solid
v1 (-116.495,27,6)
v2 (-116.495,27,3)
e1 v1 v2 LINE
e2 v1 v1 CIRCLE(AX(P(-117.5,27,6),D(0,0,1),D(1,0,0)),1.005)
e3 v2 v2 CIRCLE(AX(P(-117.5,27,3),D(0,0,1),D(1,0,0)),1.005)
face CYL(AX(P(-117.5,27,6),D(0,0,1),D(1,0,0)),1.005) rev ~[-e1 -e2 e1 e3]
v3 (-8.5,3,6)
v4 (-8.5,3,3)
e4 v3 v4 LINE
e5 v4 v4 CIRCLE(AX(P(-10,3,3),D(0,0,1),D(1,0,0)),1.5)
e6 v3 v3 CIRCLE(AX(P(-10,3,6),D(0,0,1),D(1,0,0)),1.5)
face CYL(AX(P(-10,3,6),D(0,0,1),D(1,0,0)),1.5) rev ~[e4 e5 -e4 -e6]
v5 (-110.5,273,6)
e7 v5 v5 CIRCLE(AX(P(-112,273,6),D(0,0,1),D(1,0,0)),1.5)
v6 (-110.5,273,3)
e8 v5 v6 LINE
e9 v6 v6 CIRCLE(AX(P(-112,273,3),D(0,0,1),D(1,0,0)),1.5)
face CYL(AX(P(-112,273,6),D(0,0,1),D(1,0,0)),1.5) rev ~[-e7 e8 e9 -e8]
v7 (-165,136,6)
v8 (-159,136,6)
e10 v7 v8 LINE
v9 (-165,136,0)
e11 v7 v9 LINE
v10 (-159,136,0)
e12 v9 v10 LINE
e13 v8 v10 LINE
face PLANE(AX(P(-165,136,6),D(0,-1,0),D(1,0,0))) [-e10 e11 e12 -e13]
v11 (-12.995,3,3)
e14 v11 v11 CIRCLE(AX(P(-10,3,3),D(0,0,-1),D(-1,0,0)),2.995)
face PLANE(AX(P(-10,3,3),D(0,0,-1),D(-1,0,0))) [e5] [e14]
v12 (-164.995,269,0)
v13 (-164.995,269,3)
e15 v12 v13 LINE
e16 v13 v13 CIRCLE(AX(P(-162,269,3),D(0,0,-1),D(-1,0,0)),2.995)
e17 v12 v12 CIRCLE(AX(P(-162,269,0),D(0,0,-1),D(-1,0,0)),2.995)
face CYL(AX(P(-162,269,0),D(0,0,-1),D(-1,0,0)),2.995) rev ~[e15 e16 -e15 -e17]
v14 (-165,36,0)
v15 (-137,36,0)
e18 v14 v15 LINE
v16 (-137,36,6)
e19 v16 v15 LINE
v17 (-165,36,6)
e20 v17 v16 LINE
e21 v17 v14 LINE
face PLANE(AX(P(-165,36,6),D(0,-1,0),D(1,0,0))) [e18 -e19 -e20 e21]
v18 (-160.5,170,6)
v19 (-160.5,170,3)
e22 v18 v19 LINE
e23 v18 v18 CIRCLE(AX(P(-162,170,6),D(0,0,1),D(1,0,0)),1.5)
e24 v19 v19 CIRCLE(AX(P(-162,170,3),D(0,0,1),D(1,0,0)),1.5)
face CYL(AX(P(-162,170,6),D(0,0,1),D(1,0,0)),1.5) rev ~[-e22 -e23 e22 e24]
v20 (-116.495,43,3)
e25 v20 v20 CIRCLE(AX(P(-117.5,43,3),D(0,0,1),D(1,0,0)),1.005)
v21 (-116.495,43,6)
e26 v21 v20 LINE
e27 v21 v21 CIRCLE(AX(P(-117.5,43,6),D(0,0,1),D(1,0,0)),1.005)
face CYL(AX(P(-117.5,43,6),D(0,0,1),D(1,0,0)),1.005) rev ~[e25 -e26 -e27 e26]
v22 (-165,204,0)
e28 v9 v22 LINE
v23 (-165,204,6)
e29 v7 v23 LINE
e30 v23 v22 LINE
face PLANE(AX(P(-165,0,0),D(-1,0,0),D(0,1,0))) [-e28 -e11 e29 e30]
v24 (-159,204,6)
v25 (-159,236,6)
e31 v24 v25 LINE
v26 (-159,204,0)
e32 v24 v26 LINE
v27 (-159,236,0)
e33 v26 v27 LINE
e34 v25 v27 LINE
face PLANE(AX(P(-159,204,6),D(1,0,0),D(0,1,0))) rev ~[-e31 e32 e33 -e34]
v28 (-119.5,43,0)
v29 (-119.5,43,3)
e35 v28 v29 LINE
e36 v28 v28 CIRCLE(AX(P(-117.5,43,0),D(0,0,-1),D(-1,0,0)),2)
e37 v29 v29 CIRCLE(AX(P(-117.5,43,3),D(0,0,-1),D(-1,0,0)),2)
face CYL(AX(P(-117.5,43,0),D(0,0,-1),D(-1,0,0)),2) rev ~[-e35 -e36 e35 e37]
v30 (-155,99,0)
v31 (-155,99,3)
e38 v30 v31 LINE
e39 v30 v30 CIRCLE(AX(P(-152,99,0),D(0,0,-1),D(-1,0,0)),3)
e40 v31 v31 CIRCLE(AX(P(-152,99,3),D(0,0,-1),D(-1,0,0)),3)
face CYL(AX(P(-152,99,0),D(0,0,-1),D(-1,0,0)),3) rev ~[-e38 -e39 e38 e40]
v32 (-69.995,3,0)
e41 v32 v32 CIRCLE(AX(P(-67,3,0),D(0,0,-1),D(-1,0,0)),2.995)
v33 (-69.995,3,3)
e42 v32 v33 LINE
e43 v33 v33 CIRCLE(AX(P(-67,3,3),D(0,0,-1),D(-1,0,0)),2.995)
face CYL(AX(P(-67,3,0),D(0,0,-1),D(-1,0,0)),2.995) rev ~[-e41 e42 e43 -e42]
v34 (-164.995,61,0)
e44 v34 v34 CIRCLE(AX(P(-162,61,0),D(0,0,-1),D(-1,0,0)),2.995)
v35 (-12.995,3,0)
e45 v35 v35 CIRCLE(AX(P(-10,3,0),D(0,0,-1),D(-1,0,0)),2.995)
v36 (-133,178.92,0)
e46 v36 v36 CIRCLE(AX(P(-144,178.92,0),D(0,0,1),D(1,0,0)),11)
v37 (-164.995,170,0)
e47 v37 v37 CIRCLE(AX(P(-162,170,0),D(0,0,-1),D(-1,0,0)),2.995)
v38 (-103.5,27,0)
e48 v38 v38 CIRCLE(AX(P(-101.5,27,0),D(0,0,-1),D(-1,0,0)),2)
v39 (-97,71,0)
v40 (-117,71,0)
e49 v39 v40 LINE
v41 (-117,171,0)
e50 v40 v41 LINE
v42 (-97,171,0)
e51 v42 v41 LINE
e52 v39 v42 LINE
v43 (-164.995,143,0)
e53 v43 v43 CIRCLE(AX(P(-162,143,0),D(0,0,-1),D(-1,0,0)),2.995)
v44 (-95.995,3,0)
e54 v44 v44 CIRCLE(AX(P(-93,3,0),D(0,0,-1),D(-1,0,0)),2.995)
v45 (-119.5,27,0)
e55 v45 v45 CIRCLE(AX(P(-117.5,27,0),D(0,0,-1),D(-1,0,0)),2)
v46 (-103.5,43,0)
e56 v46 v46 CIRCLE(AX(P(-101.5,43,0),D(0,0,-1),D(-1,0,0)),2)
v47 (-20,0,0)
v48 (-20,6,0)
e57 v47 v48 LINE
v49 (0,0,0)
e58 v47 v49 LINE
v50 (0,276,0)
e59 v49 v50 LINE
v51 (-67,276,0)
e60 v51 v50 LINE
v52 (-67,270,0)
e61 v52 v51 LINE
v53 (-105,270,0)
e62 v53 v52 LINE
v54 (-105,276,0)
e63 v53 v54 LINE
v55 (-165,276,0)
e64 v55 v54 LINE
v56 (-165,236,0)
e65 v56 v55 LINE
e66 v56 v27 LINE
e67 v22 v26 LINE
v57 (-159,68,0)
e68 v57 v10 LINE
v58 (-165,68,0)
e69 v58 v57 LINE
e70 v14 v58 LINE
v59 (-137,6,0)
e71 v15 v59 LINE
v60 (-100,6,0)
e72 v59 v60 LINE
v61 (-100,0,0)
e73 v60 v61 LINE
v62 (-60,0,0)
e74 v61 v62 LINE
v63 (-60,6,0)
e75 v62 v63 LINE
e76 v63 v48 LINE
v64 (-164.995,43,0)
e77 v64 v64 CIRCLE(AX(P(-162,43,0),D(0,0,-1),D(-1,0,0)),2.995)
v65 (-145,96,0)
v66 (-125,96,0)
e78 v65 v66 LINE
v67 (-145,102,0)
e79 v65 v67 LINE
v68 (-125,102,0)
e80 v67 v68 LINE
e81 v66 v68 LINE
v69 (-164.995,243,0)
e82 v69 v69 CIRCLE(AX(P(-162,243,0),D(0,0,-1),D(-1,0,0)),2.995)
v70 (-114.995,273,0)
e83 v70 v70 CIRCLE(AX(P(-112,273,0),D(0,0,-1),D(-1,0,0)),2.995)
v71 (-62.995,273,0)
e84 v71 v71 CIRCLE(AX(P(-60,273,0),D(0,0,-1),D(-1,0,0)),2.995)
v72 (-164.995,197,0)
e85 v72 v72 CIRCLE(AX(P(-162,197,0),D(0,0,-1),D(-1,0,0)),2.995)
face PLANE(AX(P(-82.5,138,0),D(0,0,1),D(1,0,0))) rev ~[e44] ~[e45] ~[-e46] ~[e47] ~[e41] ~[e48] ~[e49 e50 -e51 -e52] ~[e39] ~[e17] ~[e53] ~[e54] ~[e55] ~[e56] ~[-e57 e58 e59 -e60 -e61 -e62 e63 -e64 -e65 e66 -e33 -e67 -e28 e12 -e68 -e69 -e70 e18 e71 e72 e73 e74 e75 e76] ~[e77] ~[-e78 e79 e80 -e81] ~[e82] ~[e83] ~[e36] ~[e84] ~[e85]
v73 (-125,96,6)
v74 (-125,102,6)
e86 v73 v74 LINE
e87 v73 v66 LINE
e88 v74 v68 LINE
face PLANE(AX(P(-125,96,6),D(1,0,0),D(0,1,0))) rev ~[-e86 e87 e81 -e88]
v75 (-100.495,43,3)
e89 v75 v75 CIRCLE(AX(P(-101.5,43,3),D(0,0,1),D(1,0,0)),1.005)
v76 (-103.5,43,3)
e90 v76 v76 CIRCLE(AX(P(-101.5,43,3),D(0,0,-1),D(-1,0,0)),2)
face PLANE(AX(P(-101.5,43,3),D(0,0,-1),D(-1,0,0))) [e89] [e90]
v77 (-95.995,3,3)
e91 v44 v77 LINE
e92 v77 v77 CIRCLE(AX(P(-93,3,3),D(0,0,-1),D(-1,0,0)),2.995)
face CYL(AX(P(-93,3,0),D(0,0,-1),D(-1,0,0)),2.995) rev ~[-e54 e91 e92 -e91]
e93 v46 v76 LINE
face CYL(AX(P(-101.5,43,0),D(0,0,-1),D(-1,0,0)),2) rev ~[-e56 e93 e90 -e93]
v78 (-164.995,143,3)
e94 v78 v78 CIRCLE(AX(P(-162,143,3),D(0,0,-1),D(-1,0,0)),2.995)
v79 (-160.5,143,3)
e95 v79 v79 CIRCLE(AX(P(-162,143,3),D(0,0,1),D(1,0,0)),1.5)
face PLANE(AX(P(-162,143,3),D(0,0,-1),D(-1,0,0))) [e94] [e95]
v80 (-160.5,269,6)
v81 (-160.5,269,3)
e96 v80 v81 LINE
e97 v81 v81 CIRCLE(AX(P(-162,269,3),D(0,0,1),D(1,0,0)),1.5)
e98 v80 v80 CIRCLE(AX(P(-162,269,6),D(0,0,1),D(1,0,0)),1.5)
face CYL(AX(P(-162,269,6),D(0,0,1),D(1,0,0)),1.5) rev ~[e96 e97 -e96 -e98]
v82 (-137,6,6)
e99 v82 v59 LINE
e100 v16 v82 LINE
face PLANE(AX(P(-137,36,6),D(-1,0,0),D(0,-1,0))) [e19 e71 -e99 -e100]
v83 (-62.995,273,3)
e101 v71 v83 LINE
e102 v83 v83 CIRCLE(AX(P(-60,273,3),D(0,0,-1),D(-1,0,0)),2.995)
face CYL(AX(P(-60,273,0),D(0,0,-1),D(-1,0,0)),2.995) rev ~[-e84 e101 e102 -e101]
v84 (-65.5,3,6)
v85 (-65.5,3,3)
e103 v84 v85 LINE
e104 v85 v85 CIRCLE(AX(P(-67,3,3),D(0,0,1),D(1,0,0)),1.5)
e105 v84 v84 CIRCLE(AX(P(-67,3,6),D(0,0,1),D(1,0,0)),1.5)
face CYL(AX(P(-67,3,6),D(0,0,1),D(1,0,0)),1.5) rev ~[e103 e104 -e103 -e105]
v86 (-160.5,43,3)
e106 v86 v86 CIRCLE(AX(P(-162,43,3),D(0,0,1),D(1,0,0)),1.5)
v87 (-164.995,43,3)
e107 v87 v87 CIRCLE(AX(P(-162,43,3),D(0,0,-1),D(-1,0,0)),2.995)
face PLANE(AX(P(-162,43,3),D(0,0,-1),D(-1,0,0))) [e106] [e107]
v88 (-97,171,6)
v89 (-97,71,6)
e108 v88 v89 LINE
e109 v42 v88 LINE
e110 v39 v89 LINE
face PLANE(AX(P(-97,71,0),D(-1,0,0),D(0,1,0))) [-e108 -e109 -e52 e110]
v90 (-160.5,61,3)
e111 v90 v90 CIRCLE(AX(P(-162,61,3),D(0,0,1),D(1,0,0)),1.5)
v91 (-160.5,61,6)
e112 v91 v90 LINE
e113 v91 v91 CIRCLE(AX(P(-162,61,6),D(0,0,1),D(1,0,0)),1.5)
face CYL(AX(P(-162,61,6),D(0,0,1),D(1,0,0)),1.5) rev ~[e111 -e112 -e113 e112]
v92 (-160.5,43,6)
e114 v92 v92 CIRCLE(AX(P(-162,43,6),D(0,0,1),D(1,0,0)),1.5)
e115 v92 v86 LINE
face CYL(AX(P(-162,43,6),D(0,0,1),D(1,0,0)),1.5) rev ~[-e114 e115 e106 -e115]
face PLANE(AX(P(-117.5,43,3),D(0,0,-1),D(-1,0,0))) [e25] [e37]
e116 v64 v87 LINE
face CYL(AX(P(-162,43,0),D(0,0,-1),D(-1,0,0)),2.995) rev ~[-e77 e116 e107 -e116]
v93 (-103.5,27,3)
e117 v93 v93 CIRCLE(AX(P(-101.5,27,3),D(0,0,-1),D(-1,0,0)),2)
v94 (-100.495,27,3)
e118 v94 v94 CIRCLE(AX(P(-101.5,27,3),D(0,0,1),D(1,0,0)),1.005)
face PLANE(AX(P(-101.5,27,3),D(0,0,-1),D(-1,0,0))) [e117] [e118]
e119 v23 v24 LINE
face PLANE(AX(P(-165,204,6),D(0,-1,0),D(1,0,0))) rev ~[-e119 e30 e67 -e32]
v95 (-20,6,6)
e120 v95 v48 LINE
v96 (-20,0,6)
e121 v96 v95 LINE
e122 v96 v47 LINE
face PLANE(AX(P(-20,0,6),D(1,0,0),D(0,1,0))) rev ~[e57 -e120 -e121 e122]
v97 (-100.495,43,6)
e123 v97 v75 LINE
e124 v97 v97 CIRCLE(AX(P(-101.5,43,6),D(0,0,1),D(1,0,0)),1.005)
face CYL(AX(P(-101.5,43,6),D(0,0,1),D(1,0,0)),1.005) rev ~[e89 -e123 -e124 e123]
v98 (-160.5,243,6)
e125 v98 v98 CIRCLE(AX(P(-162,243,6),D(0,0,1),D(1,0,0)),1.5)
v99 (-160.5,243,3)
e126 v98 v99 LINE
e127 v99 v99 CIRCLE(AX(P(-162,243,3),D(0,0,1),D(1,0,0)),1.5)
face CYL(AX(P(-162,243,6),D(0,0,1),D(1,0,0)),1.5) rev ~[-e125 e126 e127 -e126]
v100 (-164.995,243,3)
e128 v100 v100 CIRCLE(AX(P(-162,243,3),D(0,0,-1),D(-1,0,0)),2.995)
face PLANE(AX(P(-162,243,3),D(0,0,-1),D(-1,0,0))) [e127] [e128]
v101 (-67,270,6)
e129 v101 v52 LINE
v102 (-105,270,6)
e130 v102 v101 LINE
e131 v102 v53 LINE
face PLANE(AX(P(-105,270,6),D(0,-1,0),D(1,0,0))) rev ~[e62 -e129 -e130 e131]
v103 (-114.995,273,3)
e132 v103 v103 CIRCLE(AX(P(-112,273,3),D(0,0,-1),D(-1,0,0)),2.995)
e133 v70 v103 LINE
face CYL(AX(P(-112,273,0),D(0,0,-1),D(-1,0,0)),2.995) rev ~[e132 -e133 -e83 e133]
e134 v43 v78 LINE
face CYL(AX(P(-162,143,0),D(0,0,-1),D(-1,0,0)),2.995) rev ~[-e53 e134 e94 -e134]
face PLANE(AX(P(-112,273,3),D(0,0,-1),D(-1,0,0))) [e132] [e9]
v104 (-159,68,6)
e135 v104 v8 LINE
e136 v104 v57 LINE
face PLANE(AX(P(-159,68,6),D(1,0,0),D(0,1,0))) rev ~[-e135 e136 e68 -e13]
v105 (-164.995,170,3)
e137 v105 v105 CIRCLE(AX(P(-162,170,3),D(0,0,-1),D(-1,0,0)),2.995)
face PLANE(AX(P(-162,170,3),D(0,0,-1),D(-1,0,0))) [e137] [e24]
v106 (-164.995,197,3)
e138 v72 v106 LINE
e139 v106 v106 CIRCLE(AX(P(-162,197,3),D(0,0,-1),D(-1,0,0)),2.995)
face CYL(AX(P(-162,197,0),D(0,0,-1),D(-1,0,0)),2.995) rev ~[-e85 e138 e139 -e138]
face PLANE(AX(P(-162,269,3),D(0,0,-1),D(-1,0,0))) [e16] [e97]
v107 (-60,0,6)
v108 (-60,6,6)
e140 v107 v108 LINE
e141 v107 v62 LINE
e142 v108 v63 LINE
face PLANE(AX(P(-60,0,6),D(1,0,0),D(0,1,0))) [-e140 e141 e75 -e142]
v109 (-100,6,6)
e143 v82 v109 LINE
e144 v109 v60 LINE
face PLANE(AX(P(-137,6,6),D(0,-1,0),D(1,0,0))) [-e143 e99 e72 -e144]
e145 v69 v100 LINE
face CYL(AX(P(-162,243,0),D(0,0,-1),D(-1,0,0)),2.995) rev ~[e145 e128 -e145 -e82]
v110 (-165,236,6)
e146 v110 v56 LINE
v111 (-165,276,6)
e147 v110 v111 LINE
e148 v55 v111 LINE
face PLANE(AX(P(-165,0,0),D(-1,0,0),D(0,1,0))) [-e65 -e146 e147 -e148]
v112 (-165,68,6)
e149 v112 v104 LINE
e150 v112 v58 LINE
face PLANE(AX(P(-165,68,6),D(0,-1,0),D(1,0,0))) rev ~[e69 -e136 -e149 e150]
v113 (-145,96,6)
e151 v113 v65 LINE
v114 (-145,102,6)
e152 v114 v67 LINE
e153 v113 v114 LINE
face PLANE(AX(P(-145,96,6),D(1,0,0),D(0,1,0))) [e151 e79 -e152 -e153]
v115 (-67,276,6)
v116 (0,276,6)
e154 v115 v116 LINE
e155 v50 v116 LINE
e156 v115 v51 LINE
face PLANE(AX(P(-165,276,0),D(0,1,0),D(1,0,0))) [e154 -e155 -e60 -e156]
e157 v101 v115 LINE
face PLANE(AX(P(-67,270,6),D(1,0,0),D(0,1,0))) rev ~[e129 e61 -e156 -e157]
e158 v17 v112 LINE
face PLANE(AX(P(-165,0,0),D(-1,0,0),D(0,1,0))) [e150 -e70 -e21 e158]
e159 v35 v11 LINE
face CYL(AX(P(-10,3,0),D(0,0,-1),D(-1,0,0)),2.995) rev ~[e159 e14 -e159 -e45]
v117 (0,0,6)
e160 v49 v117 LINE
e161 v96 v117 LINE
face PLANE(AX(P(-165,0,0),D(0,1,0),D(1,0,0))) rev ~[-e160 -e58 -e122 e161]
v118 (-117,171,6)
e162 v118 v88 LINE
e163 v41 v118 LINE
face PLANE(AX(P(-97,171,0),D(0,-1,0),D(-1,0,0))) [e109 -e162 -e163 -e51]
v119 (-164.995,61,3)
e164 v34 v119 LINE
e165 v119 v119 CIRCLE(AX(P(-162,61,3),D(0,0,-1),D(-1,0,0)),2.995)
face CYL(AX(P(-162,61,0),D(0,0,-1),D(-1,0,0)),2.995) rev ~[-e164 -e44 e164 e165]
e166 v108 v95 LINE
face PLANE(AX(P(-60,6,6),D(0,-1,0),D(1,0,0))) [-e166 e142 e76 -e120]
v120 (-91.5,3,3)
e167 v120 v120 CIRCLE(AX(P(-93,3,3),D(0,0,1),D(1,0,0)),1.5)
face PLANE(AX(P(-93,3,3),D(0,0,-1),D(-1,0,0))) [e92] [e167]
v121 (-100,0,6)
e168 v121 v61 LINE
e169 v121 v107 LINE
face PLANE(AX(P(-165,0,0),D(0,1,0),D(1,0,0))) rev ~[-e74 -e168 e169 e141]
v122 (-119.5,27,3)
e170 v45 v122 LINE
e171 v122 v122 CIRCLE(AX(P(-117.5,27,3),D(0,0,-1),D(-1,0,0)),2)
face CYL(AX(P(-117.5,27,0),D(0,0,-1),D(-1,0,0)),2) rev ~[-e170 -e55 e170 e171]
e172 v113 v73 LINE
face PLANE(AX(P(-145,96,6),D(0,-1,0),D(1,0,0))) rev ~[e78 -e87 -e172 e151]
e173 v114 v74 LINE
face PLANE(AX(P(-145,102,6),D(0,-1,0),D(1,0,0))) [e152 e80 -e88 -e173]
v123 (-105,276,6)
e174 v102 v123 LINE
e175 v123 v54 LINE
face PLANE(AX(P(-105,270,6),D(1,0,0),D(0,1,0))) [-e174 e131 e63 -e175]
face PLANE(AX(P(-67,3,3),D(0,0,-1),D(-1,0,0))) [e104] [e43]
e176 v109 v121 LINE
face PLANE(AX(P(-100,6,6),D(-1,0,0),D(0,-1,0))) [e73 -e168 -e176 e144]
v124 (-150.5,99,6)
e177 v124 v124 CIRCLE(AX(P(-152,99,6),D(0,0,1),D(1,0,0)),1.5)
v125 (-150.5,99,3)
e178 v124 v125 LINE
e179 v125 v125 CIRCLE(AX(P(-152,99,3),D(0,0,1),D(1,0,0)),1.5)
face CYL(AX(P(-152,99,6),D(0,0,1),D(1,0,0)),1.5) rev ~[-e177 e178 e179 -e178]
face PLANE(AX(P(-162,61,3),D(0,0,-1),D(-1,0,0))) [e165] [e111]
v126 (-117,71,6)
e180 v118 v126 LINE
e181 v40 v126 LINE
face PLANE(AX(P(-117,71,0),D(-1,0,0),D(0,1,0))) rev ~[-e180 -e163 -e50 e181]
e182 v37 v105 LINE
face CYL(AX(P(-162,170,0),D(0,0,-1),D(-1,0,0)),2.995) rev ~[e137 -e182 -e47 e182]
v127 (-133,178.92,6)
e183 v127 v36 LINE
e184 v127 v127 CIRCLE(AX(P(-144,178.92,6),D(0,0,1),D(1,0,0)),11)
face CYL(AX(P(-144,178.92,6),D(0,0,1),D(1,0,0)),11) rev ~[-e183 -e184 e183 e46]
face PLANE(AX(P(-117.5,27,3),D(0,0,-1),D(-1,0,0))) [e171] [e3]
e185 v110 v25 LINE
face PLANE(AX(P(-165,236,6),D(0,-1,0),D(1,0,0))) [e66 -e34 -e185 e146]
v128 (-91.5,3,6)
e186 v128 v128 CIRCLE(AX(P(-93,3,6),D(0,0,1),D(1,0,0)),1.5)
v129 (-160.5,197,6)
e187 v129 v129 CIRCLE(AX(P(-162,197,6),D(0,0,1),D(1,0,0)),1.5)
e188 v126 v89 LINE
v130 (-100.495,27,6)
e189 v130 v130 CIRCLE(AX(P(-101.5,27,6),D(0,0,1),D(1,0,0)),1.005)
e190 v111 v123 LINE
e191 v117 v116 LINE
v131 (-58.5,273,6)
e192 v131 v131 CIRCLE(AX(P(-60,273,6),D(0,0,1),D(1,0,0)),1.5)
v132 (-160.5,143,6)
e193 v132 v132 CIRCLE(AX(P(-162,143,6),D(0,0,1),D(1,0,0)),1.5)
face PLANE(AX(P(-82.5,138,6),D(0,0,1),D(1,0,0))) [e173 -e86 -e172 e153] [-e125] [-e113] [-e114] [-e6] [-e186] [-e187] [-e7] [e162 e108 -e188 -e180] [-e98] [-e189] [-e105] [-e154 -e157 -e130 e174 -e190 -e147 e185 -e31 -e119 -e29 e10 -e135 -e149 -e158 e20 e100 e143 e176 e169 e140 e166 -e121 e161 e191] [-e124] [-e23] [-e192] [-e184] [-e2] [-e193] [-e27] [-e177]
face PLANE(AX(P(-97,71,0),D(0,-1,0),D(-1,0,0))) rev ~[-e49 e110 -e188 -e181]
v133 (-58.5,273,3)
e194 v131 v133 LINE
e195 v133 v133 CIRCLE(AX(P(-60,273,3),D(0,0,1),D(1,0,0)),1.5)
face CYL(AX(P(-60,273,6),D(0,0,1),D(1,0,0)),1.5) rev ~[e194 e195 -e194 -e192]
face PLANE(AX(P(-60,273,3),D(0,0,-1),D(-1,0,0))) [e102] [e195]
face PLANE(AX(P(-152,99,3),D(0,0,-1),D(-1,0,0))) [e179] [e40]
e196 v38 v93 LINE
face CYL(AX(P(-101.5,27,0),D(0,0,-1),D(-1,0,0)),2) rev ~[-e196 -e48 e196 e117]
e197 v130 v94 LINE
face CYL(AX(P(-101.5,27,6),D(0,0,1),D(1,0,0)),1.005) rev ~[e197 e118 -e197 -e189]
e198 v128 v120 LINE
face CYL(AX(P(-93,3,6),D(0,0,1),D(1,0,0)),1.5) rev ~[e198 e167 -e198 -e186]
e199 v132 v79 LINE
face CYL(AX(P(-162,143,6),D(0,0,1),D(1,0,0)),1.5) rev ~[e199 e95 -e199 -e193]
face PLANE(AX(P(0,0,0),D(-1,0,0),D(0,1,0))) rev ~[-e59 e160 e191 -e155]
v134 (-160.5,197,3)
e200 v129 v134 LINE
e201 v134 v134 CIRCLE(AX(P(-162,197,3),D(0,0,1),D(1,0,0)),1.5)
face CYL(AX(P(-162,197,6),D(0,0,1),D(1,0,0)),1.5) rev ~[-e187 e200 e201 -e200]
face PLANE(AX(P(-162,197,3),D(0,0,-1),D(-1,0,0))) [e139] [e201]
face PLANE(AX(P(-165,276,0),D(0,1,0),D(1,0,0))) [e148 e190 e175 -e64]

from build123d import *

# Parameters (mm, degrees)
ESQUISSE1_W             = 165
ESQUISSE1_H             = 276
BOSS_EXTRU_1_DEPTH      = 6
ESQUISSE2_W             = 38
ESQUISSE2_H             = 6
ESQUISSE2_W_2           = 6
ESQUISSE2_H_2           = 32
ESQUISSE2_H_3           = 68
ESQUISSE2_W_3           = 40
EXTERIEUR_DEPTH         = 10
ESQUISSE3_R             = 11
ESQUISSE3_W             = 20
ESQUISSE3_H             = 6
ENL_V_MAT_EXTRU_2_DEPTH = 322.616230934
ESQUISSE4_R             = 1.5
ESQUISSE4_R_2           = 1.005
ENL_V_MAT_EXTRU_3_DEPTH = 322.616230934
ESQUISSE5_R             = 2.995
ESQUISSE5_R_2           = 3
ESQUISSE5_R_3           = 2
ENL_V_MAT_EXTRU_4_DEPTH = 3
ESQUISSE6_W             = 20
ESQUISSE6_H             = 100
ENL_V_MAT_EXTRU_5_DEPTH = 322.616230934


with BuildPart() as part:
    # Esquisse1 → Boss.-Extru.1 (new body)
    with BuildSketch(Plane.XY):
        with Locations((-82.5, 138)):
            Rectangle(ESQUISSE1_W, ESQUISSE1_H)
    extrude(amount=BOSS_EXTRU_1_DEPTH)

    # Esquisse2 → exterieur (cut)
    with BuildSketch(Plane.XY.offset(6)):
        with Locations((-86, 273)):
            Rectangle(ESQUISSE2_W, ESQUISSE2_H)
        with Locations((-162, 220)):
            Rectangle(ESQUISSE2_W_2, ESQUISSE2_H_2)
        with Locations((-162, 102)):
            Rectangle(ESQUISSE2_W_2, ESQUISSE2_H_3)
        Polygon((-137, 36), (-137, 6), (-100, 6), (-100, 0), (-165, 0), (-165, 36), align=None)
        with Locations((-40, 3)):
            Rectangle(ESQUISSE2_W_3, ESQUISSE2_H)
    extrude(amount=-EXTERIEUR_DEPTH, mode=Mode.SUBTRACT)

    # Esquisse3 → Enlèv. mat.-Extru.2 (cut, through all)
    with BuildSketch(Plane.XY.offset(6)):
        with Locations((-144, 178.92)):
            Circle(ESQUISSE3_R)
        with Locations((-135, 99)):
            Rectangle(ESQUISSE3_W, ESQUISSE3_H)
    extrude(amount=-ENL_V_MAT_EXTRU_2_DEPTH, mode=Mode.SUBTRACT)

    # Esquisse4 → Enlèv. mat.-Extru.3 (cut, through all)
    with BuildSketch(Plane.XY.offset(6)):
        with Locations((-60, 273)):
            Circle(ESQUISSE4_R)
        with Locations((-112, 273)):
            Circle(ESQUISSE4_R)
        with Locations((-162, 197)):
            Circle(ESQUISSE4_R)
        with Locations((-162, 170)):
            Circle(ESQUISSE4_R)
        with Locations((-162, 143)):
            Circle(ESQUISSE4_R)
        with Locations((-162, 61)):
            Circle(ESQUISSE4_R)
        with Locations((-162, 43)):
            Circle(ESQUISSE4_R)
        with Locations((-93, 3)):
            Circle(ESQUISSE4_R)
        with Locations((-67, 3)):
            Circle(ESQUISSE4_R)
        with Locations((-10, 3)):
            Circle(ESQUISSE4_R)
        with Locations((-162, 269)):
            Circle(ESQUISSE4_R)
        with Locations((-162, 243)):
            Circle(ESQUISSE4_R)
        with Locations((-117.5, 27)):
            Circle(ESQUISSE4_R_2)
        with Locations((-117.5, 43)):
            Circle(ESQUISSE4_R_2)
        with Locations((-101.5, 43)):
            Circle(ESQUISSE4_R_2)
        with Locations((-101.5, 27)):
            Circle(ESQUISSE4_R_2)
        with Locations((-152, 99)):
            Circle(ESQUISSE4_R)
    extrude(amount=-ENL_V_MAT_EXTRU_3_DEPTH, mode=Mode.SUBTRACT)

    # Esquisse5 → Enlèv. mat.-Extru.4 (cut)
    with BuildSketch(Plane(origin=(0, 0, 0), x_dir=(-1, 0, 0), z_dir=(0, 0, -1))):
        with Locations((60, 273)):
            Circle(ESQUISSE5_R)
        with Locations((112, 273)):
            Circle(ESQUISSE5_R)
        with Locations((162, 197)):
            Circle(ESQUISSE5_R)
        with Locations((162, 170)):
            Circle(ESQUISSE5_R)
        with Locations((162, 143)):
            Circle(ESQUISSE5_R)
        with Locations((162, 61)):
            Circle(ESQUISSE5_R)
        with Locations((162, 43)):
            Circle(ESQUISSE5_R)
        with Locations((93, 3)):
            Circle(ESQUISSE5_R)
        with Locations((67, 3)):
            Circle(ESQUISSE5_R)
        with Locations((10, 3)):
            Circle(ESQUISSE5_R)
        with Locations((162, 269)):
            Circle(ESQUISSE5_R)
        with Locations((162, 243)):
            Circle(ESQUISSE5_R)
        with Locations((152, 99)):
            Circle(ESQUISSE5_R_2)
        with Locations((117.5, 43)):
            Circle(ESQUISSE5_R_3)
        with Locations((117.5, 27)):
            Circle(ESQUISSE5_R_3)
        with Locations((101.5, 27)):
            Circle(ESQUISSE5_R_3)
        with Locations((101.5, 43)):
            Circle(ESQUISSE5_R_3)
    extrude(amount=-ENL_V_MAT_EXTRU_4_DEPTH, mode=Mode.SUBTRACT)

    # Esquisse6 → Enlèv. mat.-Extru.5 (cut, through all)
    with BuildSketch(Plane(origin=(0, 0, 0), x_dir=(-1, 0, 0), z_dir=(0, 0, -1))):
        with Locations((107, 121)):
            Rectangle(ESQUISSE6_W, ESQUISSE6_H)
    extrude(amount=-ENL_V_MAT_EXTRU_5_DEPTH, mode=Mode.SUBTRACT)


solid = part.part
